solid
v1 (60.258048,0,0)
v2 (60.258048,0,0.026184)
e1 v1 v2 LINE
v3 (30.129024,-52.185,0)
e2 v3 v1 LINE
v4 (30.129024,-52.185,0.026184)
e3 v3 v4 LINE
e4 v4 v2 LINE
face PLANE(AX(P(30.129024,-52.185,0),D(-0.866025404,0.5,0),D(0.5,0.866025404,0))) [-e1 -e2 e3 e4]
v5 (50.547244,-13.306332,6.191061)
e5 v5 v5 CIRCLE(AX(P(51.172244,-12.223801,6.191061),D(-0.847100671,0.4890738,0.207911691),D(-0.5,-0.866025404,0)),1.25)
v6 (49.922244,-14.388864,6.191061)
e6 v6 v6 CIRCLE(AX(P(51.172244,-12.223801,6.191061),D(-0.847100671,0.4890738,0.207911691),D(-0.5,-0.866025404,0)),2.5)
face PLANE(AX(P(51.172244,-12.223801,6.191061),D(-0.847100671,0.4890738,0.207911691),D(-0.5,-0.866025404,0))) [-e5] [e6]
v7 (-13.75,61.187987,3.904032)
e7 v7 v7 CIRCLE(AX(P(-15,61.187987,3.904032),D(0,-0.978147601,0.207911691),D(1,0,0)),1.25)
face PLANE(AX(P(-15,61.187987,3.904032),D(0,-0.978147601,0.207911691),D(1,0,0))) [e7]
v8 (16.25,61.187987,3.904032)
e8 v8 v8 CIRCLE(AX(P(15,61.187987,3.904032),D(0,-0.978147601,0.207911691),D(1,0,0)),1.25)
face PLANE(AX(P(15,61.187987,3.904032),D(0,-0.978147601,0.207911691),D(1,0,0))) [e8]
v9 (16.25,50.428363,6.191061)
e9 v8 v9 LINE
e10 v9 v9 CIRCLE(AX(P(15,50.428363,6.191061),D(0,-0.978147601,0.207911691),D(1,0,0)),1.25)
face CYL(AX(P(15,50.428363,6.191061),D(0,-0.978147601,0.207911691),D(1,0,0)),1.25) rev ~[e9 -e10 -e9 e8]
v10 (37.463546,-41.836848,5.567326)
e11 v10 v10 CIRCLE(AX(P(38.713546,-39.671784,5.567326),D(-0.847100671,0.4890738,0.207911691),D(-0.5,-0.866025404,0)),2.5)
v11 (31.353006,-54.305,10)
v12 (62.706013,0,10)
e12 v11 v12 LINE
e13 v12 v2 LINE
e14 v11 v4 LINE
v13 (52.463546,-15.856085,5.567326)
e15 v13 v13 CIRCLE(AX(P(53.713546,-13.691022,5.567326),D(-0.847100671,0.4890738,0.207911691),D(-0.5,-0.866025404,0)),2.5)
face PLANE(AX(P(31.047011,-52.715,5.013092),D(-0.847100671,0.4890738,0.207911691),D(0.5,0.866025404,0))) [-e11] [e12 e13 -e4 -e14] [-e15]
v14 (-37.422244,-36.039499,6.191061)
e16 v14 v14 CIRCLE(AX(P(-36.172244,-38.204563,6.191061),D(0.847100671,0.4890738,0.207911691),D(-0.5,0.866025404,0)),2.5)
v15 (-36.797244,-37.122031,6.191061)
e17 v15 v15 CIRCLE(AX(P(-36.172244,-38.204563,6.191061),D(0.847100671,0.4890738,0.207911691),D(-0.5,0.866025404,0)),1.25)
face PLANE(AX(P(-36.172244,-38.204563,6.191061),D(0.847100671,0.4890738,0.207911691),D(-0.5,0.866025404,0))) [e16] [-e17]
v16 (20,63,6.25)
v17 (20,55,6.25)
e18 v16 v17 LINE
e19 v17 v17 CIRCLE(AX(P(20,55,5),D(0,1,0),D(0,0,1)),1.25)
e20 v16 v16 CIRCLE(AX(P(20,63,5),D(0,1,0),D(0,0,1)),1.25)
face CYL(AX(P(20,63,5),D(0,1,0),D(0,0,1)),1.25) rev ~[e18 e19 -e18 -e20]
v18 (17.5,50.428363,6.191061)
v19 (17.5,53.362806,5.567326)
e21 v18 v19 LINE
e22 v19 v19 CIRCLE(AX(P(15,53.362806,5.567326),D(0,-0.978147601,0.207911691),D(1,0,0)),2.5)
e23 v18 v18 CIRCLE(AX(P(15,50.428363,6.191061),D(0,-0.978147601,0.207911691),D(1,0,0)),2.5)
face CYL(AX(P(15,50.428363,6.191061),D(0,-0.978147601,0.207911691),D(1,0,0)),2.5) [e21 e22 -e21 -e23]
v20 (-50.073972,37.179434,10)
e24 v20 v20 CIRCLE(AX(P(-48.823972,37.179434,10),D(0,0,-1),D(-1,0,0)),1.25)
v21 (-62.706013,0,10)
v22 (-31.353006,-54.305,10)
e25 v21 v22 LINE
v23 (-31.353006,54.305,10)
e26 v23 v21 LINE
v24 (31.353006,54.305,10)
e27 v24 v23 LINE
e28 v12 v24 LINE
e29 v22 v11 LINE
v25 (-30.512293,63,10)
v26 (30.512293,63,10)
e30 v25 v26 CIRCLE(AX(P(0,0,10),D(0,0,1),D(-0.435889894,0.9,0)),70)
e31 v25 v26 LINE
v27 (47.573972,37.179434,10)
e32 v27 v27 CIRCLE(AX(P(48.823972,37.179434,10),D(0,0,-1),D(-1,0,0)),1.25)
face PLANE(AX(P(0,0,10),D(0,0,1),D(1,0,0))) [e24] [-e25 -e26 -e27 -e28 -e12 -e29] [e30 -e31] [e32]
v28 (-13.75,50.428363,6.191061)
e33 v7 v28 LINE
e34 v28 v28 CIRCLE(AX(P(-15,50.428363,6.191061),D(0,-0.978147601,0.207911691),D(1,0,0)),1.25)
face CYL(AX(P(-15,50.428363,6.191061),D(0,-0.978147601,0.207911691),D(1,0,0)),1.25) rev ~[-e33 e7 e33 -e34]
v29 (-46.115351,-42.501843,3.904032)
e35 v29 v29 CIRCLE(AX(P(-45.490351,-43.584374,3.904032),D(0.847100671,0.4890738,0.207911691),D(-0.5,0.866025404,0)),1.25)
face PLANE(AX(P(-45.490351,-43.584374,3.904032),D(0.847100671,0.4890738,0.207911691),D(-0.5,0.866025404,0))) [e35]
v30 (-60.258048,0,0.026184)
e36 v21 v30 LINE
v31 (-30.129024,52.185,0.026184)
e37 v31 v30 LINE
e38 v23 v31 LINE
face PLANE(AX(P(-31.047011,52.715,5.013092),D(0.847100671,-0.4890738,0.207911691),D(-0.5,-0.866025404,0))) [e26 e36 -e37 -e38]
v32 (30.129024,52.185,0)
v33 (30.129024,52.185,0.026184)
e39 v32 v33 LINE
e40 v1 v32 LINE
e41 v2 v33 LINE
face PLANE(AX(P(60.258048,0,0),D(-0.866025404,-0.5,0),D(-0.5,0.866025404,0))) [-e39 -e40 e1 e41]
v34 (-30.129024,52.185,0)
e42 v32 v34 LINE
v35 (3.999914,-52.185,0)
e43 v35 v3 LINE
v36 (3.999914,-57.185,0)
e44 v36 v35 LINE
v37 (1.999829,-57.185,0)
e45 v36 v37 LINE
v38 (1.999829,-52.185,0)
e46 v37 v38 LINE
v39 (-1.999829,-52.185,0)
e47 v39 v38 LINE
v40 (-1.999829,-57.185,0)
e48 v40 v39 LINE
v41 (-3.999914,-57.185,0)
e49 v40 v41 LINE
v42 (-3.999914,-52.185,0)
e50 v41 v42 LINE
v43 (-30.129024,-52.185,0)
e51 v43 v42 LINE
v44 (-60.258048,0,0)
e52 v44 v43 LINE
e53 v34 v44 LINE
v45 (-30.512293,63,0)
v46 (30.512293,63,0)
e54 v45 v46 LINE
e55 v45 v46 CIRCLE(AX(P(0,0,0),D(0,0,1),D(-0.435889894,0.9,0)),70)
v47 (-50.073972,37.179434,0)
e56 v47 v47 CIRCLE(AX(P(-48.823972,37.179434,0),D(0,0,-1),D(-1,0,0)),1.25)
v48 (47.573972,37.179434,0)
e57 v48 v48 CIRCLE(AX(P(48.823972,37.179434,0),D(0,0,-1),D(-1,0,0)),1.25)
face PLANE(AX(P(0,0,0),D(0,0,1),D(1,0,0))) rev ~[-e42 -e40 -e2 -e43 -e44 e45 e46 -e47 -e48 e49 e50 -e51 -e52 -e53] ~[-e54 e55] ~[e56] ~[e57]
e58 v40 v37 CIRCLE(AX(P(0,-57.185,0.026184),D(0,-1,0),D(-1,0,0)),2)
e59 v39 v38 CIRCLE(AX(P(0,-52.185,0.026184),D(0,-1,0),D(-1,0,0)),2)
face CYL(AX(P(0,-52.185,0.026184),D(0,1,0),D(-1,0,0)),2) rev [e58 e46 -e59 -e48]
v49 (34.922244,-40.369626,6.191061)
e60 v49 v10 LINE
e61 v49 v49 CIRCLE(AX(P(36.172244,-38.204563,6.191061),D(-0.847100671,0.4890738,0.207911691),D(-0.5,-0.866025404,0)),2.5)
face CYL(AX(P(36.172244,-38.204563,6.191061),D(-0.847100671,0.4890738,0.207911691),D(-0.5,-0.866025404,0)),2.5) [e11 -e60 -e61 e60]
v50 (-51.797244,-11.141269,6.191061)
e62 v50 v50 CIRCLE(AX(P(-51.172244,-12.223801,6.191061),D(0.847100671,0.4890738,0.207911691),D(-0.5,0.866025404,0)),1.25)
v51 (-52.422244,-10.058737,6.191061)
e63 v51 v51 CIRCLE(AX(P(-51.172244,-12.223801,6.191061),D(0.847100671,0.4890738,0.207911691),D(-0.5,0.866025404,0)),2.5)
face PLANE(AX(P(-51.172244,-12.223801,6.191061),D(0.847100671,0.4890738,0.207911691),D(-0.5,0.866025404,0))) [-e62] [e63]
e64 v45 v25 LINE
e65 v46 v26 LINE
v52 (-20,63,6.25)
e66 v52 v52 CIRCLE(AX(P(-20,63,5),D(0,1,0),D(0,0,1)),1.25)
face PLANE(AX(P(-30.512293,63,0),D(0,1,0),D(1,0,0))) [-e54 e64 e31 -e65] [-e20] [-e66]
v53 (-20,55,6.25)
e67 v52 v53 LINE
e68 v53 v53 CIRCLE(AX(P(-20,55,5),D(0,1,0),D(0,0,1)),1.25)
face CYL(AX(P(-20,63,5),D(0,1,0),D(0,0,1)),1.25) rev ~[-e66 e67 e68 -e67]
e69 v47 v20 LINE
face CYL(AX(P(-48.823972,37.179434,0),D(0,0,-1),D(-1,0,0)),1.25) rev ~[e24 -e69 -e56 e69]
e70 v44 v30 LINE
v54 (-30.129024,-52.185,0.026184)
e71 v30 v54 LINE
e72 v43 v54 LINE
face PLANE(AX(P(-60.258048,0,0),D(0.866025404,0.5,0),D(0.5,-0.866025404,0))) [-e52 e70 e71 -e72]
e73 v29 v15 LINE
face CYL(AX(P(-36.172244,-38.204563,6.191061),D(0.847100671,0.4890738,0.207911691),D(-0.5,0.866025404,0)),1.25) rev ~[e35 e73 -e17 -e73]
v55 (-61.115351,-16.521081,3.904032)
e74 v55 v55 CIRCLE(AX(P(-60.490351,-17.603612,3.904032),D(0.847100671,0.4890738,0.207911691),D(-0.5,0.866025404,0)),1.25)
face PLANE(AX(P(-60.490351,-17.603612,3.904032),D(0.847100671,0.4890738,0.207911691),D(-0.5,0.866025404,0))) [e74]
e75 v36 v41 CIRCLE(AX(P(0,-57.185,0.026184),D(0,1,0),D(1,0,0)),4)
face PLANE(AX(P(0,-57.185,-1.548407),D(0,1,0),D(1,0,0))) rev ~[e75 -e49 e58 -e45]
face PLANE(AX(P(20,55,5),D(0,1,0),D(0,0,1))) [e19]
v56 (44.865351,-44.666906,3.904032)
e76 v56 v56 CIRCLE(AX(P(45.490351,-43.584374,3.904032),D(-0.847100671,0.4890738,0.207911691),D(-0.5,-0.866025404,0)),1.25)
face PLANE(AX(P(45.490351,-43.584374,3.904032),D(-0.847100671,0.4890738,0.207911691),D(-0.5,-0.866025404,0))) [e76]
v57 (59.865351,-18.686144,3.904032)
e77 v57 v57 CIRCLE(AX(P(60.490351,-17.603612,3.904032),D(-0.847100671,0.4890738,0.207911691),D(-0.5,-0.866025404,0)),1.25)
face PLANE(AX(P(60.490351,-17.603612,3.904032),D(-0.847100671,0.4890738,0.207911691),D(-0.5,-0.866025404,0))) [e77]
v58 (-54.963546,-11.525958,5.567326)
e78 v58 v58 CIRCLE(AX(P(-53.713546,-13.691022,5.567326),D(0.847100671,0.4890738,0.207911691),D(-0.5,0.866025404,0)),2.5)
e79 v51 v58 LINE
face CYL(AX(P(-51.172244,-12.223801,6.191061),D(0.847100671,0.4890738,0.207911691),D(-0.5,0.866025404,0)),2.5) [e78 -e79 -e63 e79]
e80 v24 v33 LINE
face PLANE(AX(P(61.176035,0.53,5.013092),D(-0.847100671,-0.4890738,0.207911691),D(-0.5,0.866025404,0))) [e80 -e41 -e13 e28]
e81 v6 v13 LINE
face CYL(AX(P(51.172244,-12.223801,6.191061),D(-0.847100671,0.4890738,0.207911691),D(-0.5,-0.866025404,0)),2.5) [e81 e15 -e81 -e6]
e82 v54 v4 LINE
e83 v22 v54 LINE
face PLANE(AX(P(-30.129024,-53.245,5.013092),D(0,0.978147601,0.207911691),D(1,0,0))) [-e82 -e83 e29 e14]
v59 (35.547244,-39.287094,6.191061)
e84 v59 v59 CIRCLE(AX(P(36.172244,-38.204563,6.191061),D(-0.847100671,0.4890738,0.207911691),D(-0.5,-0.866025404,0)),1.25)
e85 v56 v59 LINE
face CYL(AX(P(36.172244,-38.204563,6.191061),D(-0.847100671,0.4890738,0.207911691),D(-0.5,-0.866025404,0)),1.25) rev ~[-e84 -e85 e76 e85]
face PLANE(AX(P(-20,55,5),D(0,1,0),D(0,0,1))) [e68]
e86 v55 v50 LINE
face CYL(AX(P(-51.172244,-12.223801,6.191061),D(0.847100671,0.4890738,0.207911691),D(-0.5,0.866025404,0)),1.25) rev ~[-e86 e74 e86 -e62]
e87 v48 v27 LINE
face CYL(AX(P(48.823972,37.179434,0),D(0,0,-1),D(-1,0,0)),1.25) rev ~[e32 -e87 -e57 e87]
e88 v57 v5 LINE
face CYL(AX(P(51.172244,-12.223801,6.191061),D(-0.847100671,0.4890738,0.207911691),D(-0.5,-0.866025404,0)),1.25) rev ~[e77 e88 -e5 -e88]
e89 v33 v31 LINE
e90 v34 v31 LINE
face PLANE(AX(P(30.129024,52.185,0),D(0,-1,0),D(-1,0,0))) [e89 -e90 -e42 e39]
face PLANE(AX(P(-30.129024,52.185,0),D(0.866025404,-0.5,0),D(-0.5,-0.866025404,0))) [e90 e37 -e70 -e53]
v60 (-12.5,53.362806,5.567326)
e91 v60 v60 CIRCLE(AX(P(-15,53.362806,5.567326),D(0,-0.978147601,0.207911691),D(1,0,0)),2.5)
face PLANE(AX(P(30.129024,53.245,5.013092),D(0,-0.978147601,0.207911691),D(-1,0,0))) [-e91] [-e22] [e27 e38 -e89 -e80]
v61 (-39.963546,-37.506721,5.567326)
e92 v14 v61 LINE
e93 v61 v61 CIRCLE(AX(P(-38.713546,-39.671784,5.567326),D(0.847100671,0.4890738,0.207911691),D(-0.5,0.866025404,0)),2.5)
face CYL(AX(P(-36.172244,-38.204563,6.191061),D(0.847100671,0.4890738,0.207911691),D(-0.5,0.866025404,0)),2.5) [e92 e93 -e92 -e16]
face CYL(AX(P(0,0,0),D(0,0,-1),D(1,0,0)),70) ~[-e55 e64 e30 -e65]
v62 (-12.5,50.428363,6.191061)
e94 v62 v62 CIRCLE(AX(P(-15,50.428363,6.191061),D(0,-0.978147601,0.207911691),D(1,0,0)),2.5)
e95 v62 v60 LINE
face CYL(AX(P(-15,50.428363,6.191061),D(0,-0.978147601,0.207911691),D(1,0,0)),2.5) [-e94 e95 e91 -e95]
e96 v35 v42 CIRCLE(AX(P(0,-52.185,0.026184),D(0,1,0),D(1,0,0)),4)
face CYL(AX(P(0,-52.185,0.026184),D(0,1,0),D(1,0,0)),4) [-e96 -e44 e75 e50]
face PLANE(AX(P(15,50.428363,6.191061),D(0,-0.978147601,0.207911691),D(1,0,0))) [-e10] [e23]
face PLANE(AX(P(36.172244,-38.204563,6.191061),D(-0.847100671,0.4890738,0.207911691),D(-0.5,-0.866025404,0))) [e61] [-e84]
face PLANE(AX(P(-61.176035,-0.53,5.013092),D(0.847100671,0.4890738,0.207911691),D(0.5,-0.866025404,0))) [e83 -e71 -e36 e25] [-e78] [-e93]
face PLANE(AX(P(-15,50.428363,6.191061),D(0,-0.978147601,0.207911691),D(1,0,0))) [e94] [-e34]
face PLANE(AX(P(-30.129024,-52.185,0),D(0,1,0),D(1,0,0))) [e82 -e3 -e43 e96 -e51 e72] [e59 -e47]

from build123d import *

# Parameters (mm, degrees)
ESQUISSE1_R                  = 70
BOSS_EXTRU_1_DEPTH           = 10
CHANFREIN1_SIZE              = 2.12
CHANFREIN1_SIZE2             = 9.973815832
ESQUISSE2_R                  = 1.25
ENL_V_MAT_EXTRU_1_DEPTH      = 8
BOSS_EXTRU_2_START           = 3
ESQUISSE3_R                  = 2.5
ESQUISSE3_R_2                = 1.25
BOSS_EXTRU_2_DEPTH           = 3
R_P_TITION_CIRCULAIRE1_COUNT = 3
ENL_V_MAT_EXTRU_2_REACH      = 101.499
ESQUISSE5_R                  = 1.25
ENL_V_MAT_EXTRU_3_DEPTH      = 8
ENL_V_MAT_EXTRU_4_REACH      = 101.499
ESQUISSE6_R                  = 1.25
BOSS_EXTRU_3_DEPTH           = 5


with BuildPart() as part:
    # Esquisse1 → Boss.-Extru.1 (new body)
    with BuildSketch(Plane.XY):
        Circle(ESQUISSE1_R)
        Polygon((60.258047595, 0), (30.129023798, 52.185), (-30.129023798, 52.185), (-60.258047595, 0), (-30.129023798, -52.185), (30.129023798, -52.185), align=None, mode=Mode.SUBTRACT)
    extrude(amount=BOSS_EXTRU_1_DEPTH)

    # Chanfrein1
    chanfrein1_edges = [part.edges().sort_by_distance(p)[0] for p in [
        (45.193535696, -26.0925, 10),
        (45.193535696, 26.0925, 10),
        (0, 52.185, 10),
        (-45.193535696, 26.0925, 10),
        (-45.193535696, -26.0925, 10),
        (0, -52.185, 10),
    ]]
    chanfrein1_side = [part.faces().sort_by_distance(p)[0] for p in [
        (-68.020101013, 0, 10),
    ]]
    chamfer(chanfrein1_edges, length=CHANFREIN1_SIZE, length2=CHANFREIN1_SIZE2, reference=chanfrein1_side[0])

    # Esquisse2 → Enlèv. mat.-Extru.1 (cut)
    with BuildSketch(Plane(origin=(-43.235330862, -24.961929912, -10.611643989), x_dir=(0.1800568059919566, 0.10395584540888045, -0.9781476007338055), z_dir=(0.8471006708862736, 0.48907380036690296, 0.20791169081776076))):
        with Locations(Location((-16.540417403, 15, 0), (0, 0, 90))):
            Circle(ESQUISSE2_R)
        with Locations(Location((-16.540417403, -15, 0), (0, 0, 90))):
            Circle(ESQUISSE2_R)
    enl_v_mat_extru_1 = extrude(amount=-ENL_V_MAT_EXTRU_1_DEPTH, mode=Mode.SUBTRACT)

    # Esquisse3 → Boss.-Extru.2 (add)
    # profile 1 of 2: a face of its own
    with BuildSketch(Plane(origin=(-43.235330862, -24.961929912, -10.611643989), x_dir=(0.1800568059919566, 0.10395584540888045, -0.9781476007338055), z_dir=(0.8471006708862736, 0.48907380036690296, 0.20791169081776076)).offset(BOSS_EXTRU_2_START)):
        with Locations(Location((-16.540417403, -15, 0), (0, 0, 90))):
            Circle(ESQUISSE3_R)
        with Locations(Location((-16.540417403, -15, 0), (0, 0, 90))):
            Circle(ESQUISSE3_R_2, mode=Mode.SUBTRACT)
    # profile 2 of 2: a face of its own
    with BuildSketch(Plane(origin=(-43.235330862, -24.961929912, -10.611643989), x_dir=(0.1800568059919566, 0.10395584540888045, -0.9781476007338055), z_dir=(0.8471006708862736, 0.48907380036690296, 0.20791169081776076)).offset(BOSS_EXTRU_2_START)):
        with Locations(Location((-16.540417403, 15, 0), (0, 0, 90))):
            Circle(ESQUISSE3_R)
        with Locations(Location((-16.540417403, 15, 0), (0, 0, 90))):
            Circle(ESQUISSE3_R_2, mode=Mode.SUBTRACT)
    boss_extru_2 = extrude(amount=-BOSS_EXTRU_2_DEPTH)

    # Répétition circulaire1: Enlèv. mat.-Extru.1, Boss.-Extru.2 ×3 about axis
    r_p_tition_circulaire1_axis = Axis((0, 0, 0), (0, 0, 1))
    add([enl_v_mat_extru_1.rotate(r_p_tition_circulaire1_axis, i * 360 / R_P_TITION_CIRCULAIRE1_COUNT) for i in range(1, R_P_TITION_CIRCULAIRE1_COUNT)], mode=Mode.SUBTRACT)
    add([boss_extru_2.rotate(r_p_tition_circulaire1_axis, i * 360 / R_P_TITION_CIRCULAIRE1_COUNT) for i in range(1, R_P_TITION_CIRCULAIRE1_COUNT)])

    # Esquisse4 → Enlèv. mat.-Extru.2 (cut, up to next)
    with BuildSketch(Plane(origin=(0, 0, 0), x_dir=(-1, 0, 0), z_dir=(0, 0, -1)), mode=Mode.PRIVATE) as enl_v_mat_extru_2_sk1:
        with BuildLine():
            Line((30.512292605, 63), (-30.512292605, 63))
            ThreePointArc((-30.512292605, 63), (0, 70), (30.512292605, 63))
        make_face()
    enl_v_mat_extru_2_tool1 = extrude(enl_v_mat_extru_2_sk1.sketch, amount=-ENL_V_MAT_EXTRU_2_REACH, mode=Mode.PRIVATE) & part.part
    add(enl_v_mat_extru_2_tool1.solids().sort_by_distance((0, 65.812358, 0))[0], mode=Mode.SUBTRACT)

    # Esquisse5 → Enlèv. mat.-Extru.3 (cut)
    with BuildSketch(Plane(origin=(0, 63, 0), x_dir=(1, 0, 0), z_dir=(0, 1, 0))):
        with Locations(Location((-20, -5, 0), (0, 0, 270))):
            Circle(ESQUISSE5_R)
        with Locations(Location((20, -5, 0), (0, 0, 270))):
            Circle(ESQUISSE5_R)
    extrude(amount=-ENL_V_MAT_EXTRU_3_DEPTH, mode=Mode.SUBTRACT)

    # Esquisse6 → Enlèv. mat.-Extru.4 (cut, up to next)
    with BuildSketch(Plane(origin=(0, 0, 0), x_dir=(-1, 0, 0), z_dir=(0, 0, -1)), mode=Mode.PRIVATE) as enl_v_mat_extru_4_sk1:
        with Locations((48.823972226, 37.179434383)):
            Circle(ESQUISSE6_R)
    enl_v_mat_extru_4_tool1 = extrude(enl_v_mat_extru_4_sk1.sketch, amount=-ENL_V_MAT_EXTRU_4_REACH, mode=Mode.PRIVATE) & part.part
    # Esquisse6 → Enlèv. mat.-Extru.4 (cut, up to next)
    with BuildSketch(Plane(origin=(0, 0, 0), x_dir=(-1, 0, 0), z_dir=(0, 0, -1)), mode=Mode.PRIVATE) as enl_v_mat_extru_4_sk2:
        with Locations((-48.823972226, 37.179434383)):
            Circle(ESQUISSE6_R)
    enl_v_mat_extru_4_tool2 = extrude(enl_v_mat_extru_4_sk2.sketch, amount=-ENL_V_MAT_EXTRU_4_REACH, mode=Mode.PRIVATE) & part.part
    add(enl_v_mat_extru_4_tool1.solids().sort_by_distance((-48.823972, 37.179434, 0))[0], mode=Mode.SUBTRACT)
    add(enl_v_mat_extru_4_tool2.solids().sort_by_distance((48.823972, 37.179434, 0))[0], mode=Mode.SUBTRACT)

    # Esquisse7 → Boss.-Extru.3 (add)
    with BuildSketch(Plane(origin=(0, -52.185, 0), x_dir=(1, 0, 0), z_dir=(0, 1, 0))):
        with BuildLine():
            Line((2, -0.026184168), (4, -0.026184168))
            ThreePointArc((4, -0.026184168), (0, 3.973815832), (-4, -0.026184168))
            Line((-4, -0.026184168), (-2, -0.026184168))
            ThreePointArc((-2, -0.026184168), (0, 1.973815832), (2, -0.026184168))
        make_face()
    extrude(amount=-BOSS_EXTRU_3_DEPTH)


solid = part.part
